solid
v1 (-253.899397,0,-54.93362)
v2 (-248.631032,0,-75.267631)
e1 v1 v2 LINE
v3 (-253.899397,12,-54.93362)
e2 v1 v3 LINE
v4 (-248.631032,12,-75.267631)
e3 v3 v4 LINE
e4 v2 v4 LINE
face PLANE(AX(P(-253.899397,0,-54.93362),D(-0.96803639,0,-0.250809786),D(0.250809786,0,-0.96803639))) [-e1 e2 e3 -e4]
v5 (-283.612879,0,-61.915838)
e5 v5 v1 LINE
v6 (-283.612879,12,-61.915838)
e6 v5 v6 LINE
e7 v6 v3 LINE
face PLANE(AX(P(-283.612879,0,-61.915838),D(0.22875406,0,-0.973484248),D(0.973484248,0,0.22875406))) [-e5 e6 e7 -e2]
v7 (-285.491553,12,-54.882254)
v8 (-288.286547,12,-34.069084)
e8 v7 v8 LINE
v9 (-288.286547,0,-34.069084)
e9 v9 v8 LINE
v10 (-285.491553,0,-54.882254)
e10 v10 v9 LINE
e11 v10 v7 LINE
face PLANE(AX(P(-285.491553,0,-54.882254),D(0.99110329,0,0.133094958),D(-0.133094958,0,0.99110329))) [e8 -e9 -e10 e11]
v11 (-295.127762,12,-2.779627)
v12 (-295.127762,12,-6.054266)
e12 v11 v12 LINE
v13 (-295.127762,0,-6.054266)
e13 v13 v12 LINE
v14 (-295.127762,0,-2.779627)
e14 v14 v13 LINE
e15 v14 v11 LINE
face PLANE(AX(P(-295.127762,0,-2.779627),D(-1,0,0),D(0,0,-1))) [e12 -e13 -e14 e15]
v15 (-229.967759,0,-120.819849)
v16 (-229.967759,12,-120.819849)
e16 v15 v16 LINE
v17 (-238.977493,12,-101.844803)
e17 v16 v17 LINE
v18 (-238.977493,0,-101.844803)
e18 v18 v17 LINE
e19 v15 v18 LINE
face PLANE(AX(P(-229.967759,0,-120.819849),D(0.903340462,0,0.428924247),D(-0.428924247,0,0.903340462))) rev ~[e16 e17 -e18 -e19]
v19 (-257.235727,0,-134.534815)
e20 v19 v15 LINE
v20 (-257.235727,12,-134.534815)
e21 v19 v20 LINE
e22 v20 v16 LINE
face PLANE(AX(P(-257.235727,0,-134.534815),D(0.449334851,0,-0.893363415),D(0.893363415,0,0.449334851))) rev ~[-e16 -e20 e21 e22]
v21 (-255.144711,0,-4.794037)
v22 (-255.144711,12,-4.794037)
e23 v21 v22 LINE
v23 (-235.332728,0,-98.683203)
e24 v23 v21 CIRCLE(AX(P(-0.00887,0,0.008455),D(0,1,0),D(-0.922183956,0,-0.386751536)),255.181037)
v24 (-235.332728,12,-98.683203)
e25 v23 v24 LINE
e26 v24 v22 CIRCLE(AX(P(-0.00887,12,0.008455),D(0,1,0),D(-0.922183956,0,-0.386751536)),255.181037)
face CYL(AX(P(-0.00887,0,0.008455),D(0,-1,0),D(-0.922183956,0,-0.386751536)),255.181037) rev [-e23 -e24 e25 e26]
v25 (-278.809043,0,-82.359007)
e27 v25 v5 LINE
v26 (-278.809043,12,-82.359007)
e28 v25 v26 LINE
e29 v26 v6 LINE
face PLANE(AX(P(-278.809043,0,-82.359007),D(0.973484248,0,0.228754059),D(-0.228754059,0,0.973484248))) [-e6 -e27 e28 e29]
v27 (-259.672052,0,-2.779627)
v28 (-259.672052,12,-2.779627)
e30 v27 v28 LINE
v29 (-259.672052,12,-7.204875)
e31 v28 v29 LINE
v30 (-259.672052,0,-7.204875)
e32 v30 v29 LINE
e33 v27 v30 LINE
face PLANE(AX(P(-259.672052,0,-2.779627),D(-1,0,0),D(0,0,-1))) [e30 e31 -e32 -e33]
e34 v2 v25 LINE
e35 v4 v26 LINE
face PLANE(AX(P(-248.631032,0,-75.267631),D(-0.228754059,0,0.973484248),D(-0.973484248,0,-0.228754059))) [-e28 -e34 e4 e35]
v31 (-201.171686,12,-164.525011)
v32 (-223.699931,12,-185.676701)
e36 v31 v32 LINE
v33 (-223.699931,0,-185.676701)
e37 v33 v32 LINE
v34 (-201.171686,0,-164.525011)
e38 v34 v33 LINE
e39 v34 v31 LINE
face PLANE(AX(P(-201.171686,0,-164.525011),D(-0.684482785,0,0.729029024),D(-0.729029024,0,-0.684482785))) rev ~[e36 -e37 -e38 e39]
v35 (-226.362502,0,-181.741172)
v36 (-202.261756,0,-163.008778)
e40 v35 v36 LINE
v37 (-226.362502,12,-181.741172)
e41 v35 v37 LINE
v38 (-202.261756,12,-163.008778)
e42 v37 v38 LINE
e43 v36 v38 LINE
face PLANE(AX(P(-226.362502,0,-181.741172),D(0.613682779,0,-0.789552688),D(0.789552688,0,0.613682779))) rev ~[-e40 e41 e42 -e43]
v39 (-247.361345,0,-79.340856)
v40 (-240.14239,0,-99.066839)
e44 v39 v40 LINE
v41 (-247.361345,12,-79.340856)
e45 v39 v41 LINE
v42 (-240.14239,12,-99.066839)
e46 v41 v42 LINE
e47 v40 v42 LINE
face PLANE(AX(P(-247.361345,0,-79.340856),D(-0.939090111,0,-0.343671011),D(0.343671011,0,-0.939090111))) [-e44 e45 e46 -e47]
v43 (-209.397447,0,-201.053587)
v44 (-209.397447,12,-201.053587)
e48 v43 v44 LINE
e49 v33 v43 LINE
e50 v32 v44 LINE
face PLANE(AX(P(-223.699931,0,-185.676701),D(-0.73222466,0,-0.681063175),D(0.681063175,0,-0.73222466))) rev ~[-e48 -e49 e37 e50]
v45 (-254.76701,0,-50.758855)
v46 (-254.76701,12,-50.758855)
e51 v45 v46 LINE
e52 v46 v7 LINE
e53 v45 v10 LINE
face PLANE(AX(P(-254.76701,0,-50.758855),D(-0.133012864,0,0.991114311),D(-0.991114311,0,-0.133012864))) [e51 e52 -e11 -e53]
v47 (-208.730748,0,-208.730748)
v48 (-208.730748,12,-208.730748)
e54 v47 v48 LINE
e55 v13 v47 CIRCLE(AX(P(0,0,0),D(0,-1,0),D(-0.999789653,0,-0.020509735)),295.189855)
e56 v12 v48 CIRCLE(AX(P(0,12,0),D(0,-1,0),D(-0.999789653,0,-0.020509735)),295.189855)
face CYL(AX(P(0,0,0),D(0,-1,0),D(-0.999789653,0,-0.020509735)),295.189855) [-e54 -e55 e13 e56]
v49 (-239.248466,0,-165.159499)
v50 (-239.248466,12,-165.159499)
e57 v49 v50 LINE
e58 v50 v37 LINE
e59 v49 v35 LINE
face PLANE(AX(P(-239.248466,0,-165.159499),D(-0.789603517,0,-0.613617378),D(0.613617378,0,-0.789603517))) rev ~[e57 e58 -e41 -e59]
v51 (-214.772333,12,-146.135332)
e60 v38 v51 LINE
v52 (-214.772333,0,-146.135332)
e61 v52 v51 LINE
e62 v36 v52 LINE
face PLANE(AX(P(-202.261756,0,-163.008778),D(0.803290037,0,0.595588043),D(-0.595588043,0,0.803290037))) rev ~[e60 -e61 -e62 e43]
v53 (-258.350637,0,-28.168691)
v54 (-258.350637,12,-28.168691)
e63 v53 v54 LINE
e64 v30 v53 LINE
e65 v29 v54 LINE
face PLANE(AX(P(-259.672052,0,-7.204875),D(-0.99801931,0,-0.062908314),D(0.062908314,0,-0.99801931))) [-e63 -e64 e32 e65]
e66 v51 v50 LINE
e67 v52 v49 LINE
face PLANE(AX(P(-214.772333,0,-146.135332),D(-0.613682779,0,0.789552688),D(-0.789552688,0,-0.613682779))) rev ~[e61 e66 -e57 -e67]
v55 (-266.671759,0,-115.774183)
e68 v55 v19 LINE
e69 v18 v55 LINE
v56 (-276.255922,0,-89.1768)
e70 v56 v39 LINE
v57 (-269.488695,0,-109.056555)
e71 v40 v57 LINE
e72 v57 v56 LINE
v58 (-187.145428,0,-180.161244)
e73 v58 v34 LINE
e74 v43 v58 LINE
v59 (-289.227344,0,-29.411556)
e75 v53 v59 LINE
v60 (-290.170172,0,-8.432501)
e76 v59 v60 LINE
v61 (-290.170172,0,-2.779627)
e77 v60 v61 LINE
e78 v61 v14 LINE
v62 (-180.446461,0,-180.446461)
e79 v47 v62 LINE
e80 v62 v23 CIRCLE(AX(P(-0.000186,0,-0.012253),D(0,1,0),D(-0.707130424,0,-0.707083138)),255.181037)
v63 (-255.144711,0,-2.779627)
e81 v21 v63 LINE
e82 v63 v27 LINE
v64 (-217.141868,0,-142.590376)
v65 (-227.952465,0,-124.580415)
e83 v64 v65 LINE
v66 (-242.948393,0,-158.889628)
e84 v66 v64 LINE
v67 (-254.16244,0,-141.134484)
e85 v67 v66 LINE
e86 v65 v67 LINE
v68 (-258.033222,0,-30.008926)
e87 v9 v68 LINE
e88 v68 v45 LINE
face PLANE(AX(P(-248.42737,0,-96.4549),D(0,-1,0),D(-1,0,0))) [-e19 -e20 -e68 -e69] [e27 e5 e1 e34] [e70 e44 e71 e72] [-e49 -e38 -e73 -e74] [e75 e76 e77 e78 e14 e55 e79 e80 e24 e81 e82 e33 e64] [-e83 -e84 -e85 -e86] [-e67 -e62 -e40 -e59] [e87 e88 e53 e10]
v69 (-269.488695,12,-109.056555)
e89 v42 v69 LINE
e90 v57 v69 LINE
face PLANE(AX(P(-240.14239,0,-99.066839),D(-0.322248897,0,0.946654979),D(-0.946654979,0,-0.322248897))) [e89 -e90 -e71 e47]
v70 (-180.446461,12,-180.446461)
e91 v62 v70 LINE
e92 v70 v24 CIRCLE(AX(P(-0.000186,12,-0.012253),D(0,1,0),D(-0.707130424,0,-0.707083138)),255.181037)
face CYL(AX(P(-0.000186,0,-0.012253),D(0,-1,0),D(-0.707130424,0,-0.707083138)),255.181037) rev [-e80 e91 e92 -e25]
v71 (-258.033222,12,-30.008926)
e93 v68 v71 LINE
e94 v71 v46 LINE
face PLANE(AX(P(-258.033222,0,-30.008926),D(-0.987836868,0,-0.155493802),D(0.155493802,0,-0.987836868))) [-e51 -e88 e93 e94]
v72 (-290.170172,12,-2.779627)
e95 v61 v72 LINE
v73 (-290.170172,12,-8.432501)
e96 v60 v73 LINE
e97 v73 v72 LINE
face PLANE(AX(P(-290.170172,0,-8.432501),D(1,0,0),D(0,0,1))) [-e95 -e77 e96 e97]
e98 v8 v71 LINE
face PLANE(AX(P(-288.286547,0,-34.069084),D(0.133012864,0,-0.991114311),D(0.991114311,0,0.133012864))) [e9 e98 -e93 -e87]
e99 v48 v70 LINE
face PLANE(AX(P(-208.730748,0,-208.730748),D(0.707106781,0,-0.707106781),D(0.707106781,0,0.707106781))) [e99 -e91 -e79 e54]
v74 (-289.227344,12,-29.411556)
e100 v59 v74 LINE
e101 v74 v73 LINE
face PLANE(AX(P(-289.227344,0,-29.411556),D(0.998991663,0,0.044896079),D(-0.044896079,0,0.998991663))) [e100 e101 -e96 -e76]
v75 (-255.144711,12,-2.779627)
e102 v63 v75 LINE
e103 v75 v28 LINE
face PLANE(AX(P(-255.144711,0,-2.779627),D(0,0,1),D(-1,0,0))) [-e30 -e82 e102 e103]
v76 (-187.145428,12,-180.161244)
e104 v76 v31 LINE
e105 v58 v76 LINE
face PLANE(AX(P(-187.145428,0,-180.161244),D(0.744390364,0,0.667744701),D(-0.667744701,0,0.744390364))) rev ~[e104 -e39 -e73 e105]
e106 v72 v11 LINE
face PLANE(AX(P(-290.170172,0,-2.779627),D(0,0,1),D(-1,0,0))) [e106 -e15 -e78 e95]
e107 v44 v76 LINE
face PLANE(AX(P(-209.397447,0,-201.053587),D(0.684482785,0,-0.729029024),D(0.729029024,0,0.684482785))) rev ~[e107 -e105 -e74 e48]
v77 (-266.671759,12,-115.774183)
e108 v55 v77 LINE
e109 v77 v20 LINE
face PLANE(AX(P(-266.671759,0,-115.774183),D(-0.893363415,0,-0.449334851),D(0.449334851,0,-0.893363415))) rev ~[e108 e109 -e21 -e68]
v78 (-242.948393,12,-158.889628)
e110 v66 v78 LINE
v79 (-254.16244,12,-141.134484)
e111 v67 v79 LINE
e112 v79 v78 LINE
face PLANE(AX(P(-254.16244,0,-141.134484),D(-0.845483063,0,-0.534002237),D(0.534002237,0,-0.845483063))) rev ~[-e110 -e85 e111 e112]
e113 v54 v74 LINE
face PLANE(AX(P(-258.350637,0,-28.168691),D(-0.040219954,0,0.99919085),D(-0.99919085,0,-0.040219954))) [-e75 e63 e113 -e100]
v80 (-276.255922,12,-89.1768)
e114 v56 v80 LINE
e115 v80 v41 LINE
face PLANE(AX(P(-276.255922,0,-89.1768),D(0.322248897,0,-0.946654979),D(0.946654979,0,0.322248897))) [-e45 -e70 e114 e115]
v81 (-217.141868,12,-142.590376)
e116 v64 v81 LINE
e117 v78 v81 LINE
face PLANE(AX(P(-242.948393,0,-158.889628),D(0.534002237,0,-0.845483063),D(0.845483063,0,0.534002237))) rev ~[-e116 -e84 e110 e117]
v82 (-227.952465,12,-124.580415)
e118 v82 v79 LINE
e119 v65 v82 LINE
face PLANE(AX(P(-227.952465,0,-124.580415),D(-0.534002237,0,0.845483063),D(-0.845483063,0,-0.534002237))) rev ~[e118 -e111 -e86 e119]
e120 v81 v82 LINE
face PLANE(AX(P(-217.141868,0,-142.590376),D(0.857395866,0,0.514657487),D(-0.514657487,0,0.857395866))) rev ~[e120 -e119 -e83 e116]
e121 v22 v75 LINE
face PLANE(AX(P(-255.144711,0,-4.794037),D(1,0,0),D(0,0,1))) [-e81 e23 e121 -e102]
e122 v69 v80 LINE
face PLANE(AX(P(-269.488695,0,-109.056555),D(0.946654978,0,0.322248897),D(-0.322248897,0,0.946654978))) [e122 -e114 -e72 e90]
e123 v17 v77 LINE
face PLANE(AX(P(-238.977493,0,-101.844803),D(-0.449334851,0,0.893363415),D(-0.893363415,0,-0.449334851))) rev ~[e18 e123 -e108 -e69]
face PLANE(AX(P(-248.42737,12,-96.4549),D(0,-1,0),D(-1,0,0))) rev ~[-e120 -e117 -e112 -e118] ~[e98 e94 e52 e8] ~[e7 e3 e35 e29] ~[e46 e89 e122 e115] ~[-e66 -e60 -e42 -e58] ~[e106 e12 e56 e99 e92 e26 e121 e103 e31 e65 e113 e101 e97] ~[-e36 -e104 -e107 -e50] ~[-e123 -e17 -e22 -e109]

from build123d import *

# Parameters (mm, degrees)
BOSS_EXTRUDE1_DEPTH = 12


with BuildPart() as part:
    # Sketch1 → Boss-Extrude1 (new body)
    with BuildSketch(Plane(origin=(0, 0, 0), x_dir=(1, 0, 0), z_dir=(0, 1, 0))):
        with BuildLine():
            Line((-208.730747898, 208.730747898), (-180.446460839, 180.446460839))
            ThreePointArc((-180.446460839, 180.446460839), (-211.871169585, 142.237594702), (-235.332727793, 98.683202756))
            ThreePointArc((-235.332727793, 98.683202756), (-249.691614544, 52.678245772), (-255.14471115, 4.794037172))
            Line((-255.14471115, 4.794037172), (-255.14471115, 2.779626551))
            Line((-255.14471115, 2.779626551), (-259.672052343, 2.779626551))
            Line((-259.672052343, 2.779626551), (-259.672052343, 7.204875095))
            Line((-259.672052343, 7.204875095), (-258.35063673, 28.168690687))
            Line((-258.35063673, 28.168690687), (-289.227344139, 29.411556091))
            Line((-289.227344139, 29.411556091), (-290.170172115, 8.432501391))
            Line((-290.170172115, 8.432501391), (-290.170172115, 2.779626551))
            Line((-290.170172115, 2.779626551), (-295.127762341, 2.779626551))
            Line((-295.127762341, 2.779626551), (-295.127762341, 6.054265565))
            ThreePointArc((-295.127762341, 6.054265565), (-271.547028538, 115.755179272), (-208.730747898, 208.730747898))
        make_face()
        Polygon((-288.286547304, 34.069084362), (-258.033222279, 30.008925637), (-254.767009525, 50.758854735), (-285.491553173, 54.882253531), align=None, mode=Mode.SUBTRACT)
        Polygon((-283.612878523, 61.915838046), (-253.89939669, 54.933619681), (-248.631031599, 75.267631401), (-278.809043274, 82.359007245), align=None, mode=Mode.SUBTRACT)
        Polygon((-276.255921554, 89.176800074), (-247.361344598, 79.340855863), (-240.142390382, 99.066838813), (-269.488694715, 109.056554622), align=None, mode=Mode.SUBTRACT)
        Polygon((-229.967759139, 120.819849226), (-238.977493449, 101.844802692), (-266.671759318, 115.77418308), (-257.235727442, 134.534814797), align=None, mode=Mode.SUBTRACT)
        Polygon((-217.141868251, 142.590375773), (-227.952465343, 124.580414811), (-254.16244031, 141.134484167), (-242.948393328, 158.889628499), align=None, mode=Mode.SUBTRACT)
        Polygon((-202.261755682, 163.008777697), (-214.772333152, 146.135332444), (-239.248466479, 165.159498585), (-226.362501502, 181.741172494), align=None, mode=Mode.SUBTRACT)
        Polygon((-187.145427565, 180.161244264), (-201.171686006, 164.525011421), (-223.699930588, 185.676700973), (-209.397447264, 201.053587246), align=None, mode=Mode.SUBTRACT)
    extrude(amount=BOSS_EXTRUDE1_DEPTH)


solid = part.part
